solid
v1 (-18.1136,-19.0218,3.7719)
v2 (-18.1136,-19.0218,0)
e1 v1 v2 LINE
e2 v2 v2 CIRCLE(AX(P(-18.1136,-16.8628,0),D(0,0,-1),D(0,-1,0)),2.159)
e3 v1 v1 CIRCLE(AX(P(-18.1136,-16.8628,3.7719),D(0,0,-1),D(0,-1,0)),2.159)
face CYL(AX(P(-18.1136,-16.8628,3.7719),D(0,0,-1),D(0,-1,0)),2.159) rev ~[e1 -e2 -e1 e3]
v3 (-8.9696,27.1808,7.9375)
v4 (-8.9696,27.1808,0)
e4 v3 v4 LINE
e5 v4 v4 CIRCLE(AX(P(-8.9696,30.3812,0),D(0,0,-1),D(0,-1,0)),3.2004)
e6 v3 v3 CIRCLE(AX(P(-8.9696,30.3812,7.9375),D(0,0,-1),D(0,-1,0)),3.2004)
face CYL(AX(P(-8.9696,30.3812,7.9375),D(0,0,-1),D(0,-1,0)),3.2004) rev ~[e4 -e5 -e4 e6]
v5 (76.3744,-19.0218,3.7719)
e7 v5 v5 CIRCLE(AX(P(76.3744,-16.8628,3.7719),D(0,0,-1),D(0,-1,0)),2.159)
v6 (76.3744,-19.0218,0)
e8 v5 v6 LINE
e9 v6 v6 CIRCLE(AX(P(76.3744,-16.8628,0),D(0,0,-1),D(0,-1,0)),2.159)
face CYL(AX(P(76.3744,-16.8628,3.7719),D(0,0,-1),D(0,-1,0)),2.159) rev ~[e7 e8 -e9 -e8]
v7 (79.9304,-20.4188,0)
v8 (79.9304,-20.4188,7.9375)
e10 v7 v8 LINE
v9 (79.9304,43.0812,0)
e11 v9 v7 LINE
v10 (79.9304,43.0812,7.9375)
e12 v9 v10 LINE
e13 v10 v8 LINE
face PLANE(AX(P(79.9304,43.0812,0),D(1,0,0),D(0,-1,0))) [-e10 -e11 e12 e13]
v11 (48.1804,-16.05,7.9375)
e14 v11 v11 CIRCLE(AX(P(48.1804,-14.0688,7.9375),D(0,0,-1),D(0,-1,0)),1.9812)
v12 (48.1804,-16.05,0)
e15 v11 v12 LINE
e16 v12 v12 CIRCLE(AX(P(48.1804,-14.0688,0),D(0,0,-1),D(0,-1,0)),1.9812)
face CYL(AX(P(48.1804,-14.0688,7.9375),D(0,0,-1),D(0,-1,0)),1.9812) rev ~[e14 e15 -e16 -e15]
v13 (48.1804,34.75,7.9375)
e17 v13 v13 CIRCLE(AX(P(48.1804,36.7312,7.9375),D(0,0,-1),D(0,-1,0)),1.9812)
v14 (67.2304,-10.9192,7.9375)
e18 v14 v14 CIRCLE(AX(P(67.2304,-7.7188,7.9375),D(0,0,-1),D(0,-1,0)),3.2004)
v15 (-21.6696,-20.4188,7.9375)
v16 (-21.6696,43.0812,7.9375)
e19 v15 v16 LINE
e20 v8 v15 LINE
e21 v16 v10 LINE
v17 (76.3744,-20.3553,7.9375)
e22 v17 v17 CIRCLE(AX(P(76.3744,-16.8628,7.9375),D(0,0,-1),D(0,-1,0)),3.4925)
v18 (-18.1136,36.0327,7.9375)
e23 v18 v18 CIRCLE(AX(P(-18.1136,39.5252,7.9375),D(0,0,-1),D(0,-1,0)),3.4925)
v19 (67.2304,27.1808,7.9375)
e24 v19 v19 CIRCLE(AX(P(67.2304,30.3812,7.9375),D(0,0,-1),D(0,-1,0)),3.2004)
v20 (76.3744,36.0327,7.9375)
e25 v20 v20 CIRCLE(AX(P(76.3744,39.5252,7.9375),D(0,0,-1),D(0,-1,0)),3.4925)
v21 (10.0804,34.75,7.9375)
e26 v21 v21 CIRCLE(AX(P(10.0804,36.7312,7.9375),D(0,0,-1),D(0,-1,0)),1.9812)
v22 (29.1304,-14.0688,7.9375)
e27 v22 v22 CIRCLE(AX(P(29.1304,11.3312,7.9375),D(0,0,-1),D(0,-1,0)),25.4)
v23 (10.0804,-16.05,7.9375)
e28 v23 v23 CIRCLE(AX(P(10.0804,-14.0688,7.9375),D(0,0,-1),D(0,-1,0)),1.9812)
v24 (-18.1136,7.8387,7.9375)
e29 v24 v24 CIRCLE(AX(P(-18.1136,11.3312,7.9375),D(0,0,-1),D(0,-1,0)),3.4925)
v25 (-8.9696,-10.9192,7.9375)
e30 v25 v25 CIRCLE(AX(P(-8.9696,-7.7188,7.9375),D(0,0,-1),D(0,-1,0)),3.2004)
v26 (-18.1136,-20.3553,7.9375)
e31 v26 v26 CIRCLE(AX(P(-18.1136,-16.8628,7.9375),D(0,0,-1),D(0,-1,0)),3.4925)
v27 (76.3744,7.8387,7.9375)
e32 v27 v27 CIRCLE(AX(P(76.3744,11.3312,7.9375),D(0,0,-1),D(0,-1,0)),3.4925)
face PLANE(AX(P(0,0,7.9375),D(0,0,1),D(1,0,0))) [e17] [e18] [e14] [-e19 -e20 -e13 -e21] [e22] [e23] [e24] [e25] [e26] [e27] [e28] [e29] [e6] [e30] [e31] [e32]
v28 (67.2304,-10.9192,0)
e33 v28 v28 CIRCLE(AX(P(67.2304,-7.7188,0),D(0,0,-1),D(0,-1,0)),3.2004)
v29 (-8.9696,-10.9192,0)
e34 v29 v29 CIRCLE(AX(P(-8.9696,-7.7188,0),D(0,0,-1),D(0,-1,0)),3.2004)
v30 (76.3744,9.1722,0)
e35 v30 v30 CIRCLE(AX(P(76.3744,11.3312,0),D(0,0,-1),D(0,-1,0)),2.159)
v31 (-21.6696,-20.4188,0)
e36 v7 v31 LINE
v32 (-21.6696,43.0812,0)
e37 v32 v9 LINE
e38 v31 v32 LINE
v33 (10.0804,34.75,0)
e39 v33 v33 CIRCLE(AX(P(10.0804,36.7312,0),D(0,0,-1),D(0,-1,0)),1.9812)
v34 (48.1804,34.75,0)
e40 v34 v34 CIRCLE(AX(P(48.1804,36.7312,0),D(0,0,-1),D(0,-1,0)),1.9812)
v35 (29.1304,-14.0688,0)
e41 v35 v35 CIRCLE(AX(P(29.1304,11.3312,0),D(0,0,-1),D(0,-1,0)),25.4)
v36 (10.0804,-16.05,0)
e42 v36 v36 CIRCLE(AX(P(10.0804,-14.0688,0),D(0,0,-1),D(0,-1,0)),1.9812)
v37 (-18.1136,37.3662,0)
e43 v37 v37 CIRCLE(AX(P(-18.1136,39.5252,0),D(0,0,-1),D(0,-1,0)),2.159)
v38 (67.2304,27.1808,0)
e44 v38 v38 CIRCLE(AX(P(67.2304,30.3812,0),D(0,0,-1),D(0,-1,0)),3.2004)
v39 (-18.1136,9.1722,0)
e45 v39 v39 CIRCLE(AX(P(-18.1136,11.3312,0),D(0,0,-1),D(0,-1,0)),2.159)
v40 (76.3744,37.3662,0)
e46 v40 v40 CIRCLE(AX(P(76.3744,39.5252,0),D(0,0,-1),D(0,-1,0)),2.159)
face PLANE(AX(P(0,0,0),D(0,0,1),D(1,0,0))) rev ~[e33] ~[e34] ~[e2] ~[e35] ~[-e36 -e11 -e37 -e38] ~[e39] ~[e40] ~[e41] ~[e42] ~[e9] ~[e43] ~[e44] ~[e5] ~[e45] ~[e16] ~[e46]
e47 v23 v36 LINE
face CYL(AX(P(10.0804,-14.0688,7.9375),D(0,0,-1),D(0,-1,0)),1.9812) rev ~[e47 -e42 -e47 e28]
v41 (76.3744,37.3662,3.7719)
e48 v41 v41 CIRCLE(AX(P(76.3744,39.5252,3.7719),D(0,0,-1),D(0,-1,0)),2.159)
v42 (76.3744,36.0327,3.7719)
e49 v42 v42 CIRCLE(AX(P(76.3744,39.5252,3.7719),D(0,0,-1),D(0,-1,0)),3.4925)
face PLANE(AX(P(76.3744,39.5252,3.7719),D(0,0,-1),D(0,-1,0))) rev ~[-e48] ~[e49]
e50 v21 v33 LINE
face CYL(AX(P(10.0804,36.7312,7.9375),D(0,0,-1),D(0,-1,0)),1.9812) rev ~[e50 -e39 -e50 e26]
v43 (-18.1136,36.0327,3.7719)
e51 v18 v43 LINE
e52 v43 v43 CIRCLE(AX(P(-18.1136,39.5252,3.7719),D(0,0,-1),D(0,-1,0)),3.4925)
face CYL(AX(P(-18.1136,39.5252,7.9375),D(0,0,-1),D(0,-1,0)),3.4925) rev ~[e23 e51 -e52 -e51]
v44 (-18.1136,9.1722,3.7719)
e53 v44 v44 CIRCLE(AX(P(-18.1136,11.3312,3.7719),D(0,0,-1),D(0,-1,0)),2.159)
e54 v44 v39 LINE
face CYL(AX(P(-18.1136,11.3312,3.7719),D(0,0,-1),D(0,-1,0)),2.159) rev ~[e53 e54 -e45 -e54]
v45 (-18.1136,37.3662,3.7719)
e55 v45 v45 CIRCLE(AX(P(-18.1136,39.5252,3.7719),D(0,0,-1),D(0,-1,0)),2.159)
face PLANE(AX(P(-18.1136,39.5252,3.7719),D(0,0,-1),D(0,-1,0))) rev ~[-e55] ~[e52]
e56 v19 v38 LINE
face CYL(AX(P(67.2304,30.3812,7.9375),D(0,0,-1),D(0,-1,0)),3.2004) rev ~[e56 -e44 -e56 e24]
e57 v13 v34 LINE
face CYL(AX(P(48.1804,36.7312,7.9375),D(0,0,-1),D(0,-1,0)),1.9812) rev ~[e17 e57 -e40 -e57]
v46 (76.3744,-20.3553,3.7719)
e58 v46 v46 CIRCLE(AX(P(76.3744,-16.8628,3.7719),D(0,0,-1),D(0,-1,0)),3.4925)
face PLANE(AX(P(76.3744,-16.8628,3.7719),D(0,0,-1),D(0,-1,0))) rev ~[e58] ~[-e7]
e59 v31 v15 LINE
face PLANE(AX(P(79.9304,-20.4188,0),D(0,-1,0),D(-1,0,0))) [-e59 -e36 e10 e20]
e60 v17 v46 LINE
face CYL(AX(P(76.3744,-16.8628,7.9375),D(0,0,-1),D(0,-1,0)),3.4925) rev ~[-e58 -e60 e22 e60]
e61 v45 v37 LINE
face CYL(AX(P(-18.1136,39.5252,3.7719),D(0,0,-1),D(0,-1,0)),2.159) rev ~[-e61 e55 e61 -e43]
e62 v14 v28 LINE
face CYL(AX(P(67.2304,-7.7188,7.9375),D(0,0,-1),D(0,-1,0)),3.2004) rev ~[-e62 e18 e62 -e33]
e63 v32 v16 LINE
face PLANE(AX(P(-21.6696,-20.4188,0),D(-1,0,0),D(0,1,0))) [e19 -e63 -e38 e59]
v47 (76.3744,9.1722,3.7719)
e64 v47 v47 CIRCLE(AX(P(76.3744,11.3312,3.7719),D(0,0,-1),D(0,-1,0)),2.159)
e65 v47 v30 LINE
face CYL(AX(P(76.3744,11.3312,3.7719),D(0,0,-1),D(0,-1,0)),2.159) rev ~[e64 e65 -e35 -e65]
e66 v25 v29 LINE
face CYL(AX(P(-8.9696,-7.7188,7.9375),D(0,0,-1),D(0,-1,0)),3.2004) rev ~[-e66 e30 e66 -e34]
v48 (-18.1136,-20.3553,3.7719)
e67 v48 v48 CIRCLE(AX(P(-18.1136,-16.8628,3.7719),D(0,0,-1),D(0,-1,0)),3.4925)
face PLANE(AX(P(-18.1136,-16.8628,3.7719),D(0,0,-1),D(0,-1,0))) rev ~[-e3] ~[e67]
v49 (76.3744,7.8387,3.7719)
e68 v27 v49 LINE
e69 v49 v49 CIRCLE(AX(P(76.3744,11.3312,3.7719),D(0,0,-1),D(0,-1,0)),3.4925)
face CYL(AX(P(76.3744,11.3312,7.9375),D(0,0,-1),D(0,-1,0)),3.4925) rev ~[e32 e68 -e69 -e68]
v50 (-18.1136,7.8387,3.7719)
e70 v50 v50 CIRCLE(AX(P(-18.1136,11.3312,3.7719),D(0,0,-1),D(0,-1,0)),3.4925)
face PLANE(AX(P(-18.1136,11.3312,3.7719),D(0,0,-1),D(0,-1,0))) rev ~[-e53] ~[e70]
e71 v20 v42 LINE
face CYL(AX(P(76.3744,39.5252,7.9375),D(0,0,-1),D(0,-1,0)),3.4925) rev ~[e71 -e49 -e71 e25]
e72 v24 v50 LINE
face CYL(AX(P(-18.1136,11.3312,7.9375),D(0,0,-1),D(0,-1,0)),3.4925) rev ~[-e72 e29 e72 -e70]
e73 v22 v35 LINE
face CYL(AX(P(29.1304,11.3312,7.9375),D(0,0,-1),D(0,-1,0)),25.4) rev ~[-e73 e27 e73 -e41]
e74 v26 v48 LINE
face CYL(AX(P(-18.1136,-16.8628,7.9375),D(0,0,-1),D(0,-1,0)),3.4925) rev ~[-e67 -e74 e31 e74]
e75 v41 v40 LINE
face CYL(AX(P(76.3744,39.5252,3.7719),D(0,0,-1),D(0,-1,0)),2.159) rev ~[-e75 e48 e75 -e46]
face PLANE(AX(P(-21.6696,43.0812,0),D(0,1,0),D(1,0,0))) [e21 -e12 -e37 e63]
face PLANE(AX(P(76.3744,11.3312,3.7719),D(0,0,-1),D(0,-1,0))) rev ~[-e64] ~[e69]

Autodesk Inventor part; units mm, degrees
ref_plane "YZ Plane" through (0, 0, 0) normal (1, 0, 0) x (0, 1, 0)
ref_plane "XZ Plane" through (0, 0, 0) normal (0, 1, 0) x (-1, 0, 0)
ref_plane "XY Plane" through (0, 0, 0) normal (0, 0, 1) x (1, 0, 0)
sketch "Sketch1" plane through (0, 0, 0) normal (0, 0, 1) x (1, 0, 0)
  line L0 (-21.6696, 43.0812) -> (79.9304, 43.0812)
  line L1 (79.9304, 43.0812) -> (79.9304, -20.4188)
  line L2 (79.9304, -20.4188) -> (-21.6696, -20.4188)
  line L3 (-21.6696, -20.4188) -> (-21.6696, 43.0812)
  point P0 (0, 0)
  dimension "d0" = 101.6
  dimension "d1" = 63.5
extrude "Extrusion1" add sketch "Sketch1" along normal blind 7.9375
sketch "Sketch3" plane through (0, 0, 7.9375) normal (0, 0, 1) x (1, 0, 0)
  line L0 (-21.6696, 43.0812) -> (79.9304, 43.0812) projected
  line L1 (-21.6696, -20.4188) -> (-21.6696, 43.0812) projected
  point P0 (0, 0)
  point P1 (29.1304, 11.3312)
  dimension "d15" = 31.75
  dimension "d16" = 50.8
hole "Hole2" at (29.1304, 11.3312, 7.9375) direction (0, 0, -1) diameter 50.8 end through all
sketch "Sketch4" plane through (0, 0, 7.9375) normal (0, 0, 1) x (1, 0, 0)
  line L0 (-21.6696, -20.4188) -> (-21.6696, 43.0812) projected
  line L1 (79.9304, -20.4188) -> (-21.6696, -20.4188) projected
  point P0 (0, 0)
  point P1 (10.0804, 36.7312)
  point P2 (10.0804, -14.0688)
  point P3 (48.1804, 36.7312)
  point P4 (48.1804, -14.0688)
  dimension "d24" = 50.8
  dimension "d25" = 6.35
  dimension "d26" = 38.1
  dimension "d27" = 31.75
  dimension "d28" = 31.75
hole "Hole3" at (10.0804, 36.7312, 7.9375) at (10.0804, -14.0688, 7.9375) at (48.1804, 36.7312, 7.9375) at (48.1804, -14.0688, 7.9375) direction (0, 0, -1) diameter 3.9624 end through all thread size "10-32 UNF" class "2B" standard "ANSI Unified Screw Threads"
sketch "Sketch5" plane through (0, 0, 7.9375) normal (0, 0, 1) x (1, 0, 0)
  line L0 (79.9304, 43.0812) -> (79.9304, -20.4188) projected
  line L1 (-21.6696, 43.0812) -> (79.9304, 43.0812) projected
  line L2 (-21.6696, -20.4188) -> (-21.6696, 43.0812) projected
  line L3 (79.9304, -20.4188) -> (-21.6696, -20.4188) projected
  point P0 (0, 0)
  point P1 (-18.1136, 39.5252)
  point P2 (-18.1136, -16.8628)
  point P3 (76.3744, -16.8628)
  point P4 (76.3744, 39.5252)
  point P5 (-18.1136, 11.3312)
  point P6 (76.3744, 11.3312)
  dimension "d36" = 3.556
  dimension "d37" = 3.556
  dimension "d38" = 3.556
  dimension "d39" = 3.556
  dimension "d47" = 3.556
  dimension "d48" = 3.556
  dimension "d49" = 3.556
  dimension "d50" = 3.556
  dimension "d51" = 3.556
  dimension "d52" = 3.556
  dimension "d66" = 94.488
  dimension "d67" = 56.388
hole "Hole4" at (-18.1136, 39.5252, 7.9375) at (-18.1136, -16.8628, 7.9375) at (76.3744, -16.8628, 7.9375) at (76.3744, 39.5252, 7.9375) at (-18.1136, 11.3312, 7.9375) at (76.3744, 11.3312, 7.9375) direction (0, 0, -1) diameter 4.318 end through all counterbore diameter 6.985 counterbore depth 4.1656
sketch "Sketch6" plane through (0, 0, 7.9375) normal (0, 0, 1) x (1, 0, 0)
  line L0 (79.9304, 43.0812) -> (79.9304, -20.4188) projected
  line L1 (-21.6696, 43.0812) -> (79.9304, 43.0812) projected
  line L2 (-21.6696, -20.4188) -> (-21.6696, 43.0812) projected
  line L3 (79.9304, -20.4188) -> (-21.6696, -20.4188) projected
  point P0 (0, 0)
  point P1 (-8.9696, 30.3812)
  point P2 (-8.9696, -7.7188)
  point P3 (67.2304, 30.3812)
  point P4 (67.2304, -7.7188)
  dimension "d53" = 12.7
  dimension "d54" = 12.7
  dimension "d55" = 12.7
  dimension "d56" = 12.7
  dimension "d64" = 12.7
  dimension "d65" = 12.7
hole "Hole5" at (-8.9696, 30.3812, 7.9375) at (-8.9696, -7.7188, 7.9375) at (67.2304, 30.3812, 7.9375) at (67.2304, -7.7188, 7.9375) direction (0, 0, -1) diameter 6.4008 end through all thread size "5/16-18 UNC" class "2B" standard "ANSI Unified Screw Threads"
properties part number "JF-AT-JC0014" material "Aluminum-6061 (Anodized Black)"
